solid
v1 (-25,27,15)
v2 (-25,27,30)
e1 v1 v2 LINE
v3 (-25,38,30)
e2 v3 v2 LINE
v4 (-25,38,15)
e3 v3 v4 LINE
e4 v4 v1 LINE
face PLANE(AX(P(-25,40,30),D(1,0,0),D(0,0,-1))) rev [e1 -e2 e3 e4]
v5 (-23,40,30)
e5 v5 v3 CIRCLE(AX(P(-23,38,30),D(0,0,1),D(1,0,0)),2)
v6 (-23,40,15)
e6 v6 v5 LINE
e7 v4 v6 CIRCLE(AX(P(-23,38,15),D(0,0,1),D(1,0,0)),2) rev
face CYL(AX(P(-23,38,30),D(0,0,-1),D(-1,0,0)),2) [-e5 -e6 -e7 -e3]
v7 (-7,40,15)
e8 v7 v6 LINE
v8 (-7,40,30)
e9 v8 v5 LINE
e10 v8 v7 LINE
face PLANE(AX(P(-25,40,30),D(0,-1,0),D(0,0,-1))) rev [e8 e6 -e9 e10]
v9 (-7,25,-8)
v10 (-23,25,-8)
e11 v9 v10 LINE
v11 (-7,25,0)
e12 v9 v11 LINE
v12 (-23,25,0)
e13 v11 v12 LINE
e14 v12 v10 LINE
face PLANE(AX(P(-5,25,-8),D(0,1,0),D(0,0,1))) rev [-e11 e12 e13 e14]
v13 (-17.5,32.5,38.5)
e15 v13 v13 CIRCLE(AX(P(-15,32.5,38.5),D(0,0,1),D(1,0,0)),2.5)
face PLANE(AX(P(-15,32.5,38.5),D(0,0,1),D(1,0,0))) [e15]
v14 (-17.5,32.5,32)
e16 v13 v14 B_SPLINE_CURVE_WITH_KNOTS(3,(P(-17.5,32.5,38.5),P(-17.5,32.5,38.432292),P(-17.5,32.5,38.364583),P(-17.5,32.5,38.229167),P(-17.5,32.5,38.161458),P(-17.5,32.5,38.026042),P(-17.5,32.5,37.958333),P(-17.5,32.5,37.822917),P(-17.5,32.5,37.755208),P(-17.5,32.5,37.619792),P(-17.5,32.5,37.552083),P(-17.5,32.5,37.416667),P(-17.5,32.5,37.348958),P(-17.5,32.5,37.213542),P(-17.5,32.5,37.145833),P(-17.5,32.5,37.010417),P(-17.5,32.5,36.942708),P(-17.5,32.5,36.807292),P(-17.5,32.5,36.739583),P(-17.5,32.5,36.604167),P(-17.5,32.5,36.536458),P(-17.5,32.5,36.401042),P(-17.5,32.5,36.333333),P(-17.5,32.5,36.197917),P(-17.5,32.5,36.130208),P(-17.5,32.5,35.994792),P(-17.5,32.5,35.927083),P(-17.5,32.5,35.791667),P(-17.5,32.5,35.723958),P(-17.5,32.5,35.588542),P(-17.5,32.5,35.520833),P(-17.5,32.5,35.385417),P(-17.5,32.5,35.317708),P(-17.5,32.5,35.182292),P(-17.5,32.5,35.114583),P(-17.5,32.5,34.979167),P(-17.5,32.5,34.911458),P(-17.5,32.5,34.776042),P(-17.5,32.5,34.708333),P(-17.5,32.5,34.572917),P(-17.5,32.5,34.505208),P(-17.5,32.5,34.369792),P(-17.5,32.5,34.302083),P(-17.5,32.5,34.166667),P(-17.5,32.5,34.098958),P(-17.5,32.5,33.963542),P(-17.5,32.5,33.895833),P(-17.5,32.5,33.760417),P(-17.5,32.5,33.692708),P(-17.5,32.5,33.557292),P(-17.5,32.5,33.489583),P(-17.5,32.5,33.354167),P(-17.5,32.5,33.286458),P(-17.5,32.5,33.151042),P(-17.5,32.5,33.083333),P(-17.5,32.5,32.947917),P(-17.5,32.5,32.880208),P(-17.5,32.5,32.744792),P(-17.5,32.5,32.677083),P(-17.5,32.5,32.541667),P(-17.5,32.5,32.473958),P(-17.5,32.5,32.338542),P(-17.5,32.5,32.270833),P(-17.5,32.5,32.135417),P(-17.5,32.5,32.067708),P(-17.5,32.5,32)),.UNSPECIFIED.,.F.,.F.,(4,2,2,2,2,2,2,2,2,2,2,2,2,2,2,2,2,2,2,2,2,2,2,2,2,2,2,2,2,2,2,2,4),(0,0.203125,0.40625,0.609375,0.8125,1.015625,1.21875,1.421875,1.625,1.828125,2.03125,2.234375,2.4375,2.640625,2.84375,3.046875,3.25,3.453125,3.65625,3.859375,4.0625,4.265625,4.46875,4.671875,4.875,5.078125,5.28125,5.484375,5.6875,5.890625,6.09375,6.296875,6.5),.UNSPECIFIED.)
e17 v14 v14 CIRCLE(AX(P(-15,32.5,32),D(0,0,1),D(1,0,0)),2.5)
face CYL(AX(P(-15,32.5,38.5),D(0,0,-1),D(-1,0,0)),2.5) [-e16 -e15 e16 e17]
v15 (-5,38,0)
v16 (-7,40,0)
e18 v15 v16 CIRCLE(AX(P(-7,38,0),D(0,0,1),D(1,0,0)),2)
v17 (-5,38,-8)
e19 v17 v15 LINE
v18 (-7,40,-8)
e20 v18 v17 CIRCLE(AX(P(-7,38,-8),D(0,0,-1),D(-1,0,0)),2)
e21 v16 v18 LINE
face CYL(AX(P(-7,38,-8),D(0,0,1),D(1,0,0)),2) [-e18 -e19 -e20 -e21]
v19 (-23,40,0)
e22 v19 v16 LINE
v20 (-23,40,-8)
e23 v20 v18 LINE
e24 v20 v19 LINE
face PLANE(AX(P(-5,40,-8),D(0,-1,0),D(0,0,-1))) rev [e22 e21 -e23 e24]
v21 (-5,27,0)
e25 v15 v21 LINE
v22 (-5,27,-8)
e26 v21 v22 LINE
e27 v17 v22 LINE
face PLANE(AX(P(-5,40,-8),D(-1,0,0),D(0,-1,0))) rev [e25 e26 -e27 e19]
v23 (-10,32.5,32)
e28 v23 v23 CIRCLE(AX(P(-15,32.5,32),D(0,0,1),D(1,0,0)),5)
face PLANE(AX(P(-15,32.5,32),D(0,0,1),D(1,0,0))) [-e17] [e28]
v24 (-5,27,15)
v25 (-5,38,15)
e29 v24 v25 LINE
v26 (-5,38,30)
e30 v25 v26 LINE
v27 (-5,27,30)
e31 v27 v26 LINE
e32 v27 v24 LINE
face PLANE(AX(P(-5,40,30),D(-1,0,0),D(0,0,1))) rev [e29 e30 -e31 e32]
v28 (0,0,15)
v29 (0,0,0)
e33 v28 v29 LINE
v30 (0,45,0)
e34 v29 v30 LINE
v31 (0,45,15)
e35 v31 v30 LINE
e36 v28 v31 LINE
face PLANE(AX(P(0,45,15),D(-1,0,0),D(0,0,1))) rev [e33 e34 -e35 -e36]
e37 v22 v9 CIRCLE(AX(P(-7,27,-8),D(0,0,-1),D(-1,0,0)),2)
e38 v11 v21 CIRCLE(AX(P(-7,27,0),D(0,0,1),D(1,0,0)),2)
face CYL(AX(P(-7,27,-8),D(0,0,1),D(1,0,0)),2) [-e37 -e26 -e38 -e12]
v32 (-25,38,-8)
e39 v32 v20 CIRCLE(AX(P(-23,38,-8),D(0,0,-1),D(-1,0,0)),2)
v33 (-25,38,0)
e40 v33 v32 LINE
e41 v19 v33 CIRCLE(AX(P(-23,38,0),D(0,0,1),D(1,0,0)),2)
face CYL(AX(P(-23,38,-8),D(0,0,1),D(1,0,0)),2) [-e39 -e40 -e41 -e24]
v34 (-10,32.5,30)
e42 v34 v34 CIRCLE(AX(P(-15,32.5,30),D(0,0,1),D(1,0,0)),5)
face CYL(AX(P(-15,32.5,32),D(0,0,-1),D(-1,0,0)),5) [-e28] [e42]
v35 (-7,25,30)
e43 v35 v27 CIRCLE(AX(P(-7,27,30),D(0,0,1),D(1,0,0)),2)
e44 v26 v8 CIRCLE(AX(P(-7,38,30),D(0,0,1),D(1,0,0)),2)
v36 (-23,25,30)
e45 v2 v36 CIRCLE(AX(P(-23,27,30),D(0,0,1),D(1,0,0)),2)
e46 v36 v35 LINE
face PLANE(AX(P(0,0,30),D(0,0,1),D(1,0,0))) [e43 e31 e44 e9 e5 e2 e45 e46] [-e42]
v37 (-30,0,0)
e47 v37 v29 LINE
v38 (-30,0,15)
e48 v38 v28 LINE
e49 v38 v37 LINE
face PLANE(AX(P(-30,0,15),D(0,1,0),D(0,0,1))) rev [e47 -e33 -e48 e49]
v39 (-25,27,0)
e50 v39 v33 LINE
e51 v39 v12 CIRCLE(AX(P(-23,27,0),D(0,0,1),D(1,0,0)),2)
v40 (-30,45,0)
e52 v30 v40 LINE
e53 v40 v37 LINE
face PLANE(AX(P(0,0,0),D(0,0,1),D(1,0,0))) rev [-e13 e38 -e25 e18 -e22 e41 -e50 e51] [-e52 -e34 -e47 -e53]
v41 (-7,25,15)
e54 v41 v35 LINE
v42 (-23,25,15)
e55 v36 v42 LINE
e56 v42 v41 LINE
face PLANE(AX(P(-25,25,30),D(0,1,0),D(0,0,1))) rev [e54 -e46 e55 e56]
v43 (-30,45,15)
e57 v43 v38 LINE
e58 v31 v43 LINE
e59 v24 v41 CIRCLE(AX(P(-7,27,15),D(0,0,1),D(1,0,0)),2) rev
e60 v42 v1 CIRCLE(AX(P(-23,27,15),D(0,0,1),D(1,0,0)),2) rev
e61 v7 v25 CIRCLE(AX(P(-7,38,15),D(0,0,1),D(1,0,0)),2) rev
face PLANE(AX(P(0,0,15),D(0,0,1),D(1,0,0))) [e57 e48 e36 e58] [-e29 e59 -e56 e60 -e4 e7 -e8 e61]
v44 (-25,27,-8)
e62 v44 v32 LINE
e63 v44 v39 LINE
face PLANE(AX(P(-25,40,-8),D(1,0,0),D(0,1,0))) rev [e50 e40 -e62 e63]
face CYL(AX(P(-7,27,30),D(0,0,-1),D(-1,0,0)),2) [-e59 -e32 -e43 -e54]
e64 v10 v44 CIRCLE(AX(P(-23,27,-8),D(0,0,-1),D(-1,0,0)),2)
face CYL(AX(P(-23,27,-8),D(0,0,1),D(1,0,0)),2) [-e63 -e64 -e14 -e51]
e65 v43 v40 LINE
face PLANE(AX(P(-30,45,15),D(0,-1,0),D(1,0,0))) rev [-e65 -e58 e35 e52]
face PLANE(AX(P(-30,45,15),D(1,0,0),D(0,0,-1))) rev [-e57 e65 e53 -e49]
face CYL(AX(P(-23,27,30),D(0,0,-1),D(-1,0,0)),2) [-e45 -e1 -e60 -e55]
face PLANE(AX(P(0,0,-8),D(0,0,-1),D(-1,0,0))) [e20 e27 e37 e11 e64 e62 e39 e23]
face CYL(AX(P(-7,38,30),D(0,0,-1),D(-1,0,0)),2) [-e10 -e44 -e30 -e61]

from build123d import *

# Parameters (mm, degrees)
SKETCH3_W           = 30
SKETCH3_H           = 45
BOSS_EXTRUDE1_DEPTH = 15
SKETCH4_W           = 20
SKETCH4_H           = 15
BOSS_EXTRUDE2_DEPTH = 15
SKETCH5_W           = 20
SKETCH5_H           = 15
BOSS_EXTRUDE3_DEPTH = 8
FILLET1_R           = 2
SKETCH6_R           = 5
BOSS_EXTRUDE4_DEPTH = 2
SKETCH7_R           = 2.5
BOSS_EXTRUDE5_DEPTH = 6.5


with BuildPart() as part:
    # Sketch3 → Boss-Extrude1 (new body)
    with BuildSketch(Plane.XY):
        with Locations((-15, 22.5)):
            Rectangle(SKETCH3_W, SKETCH3_H)
    extrude(amount=BOSS_EXTRUDE1_DEPTH)

    # Sketch4 → Boss-Extrude2 (add)
    with BuildSketch(Plane.XY.offset(15)):
        with Locations((-15, 32.5)):
            Rectangle(SKETCH4_W, SKETCH4_H)
    extrude(amount=BOSS_EXTRUDE2_DEPTH)

    # Sketch5 → Boss-Extrude3 (add)
    with BuildSketch(Plane(origin=(0, 0, 0), x_dir=(-1, 0, 0), z_dir=(0, 0, -1))):
        with Locations((15, 32.5)):
            Rectangle(SKETCH5_W, SKETCH5_H)
    extrude(amount=BOSS_EXTRUDE3_DEPTH)

    # Fillet1
    fillet1_edges = [part.edges().sort_by_distance(p)[0] for p in [
        (-25, 40, 22.5),
        (-25, 25, 22.5),
        (-5, 25, 22.5),
        (-5, 40, 22.5),
        (-5, 40, -4),
        (-5, 25, -4),
        (-25, 25, -4),
        (-25, 40, -4),
    ]]
    fillet(fillet1_edges, radius=FILLET1_R)

    # Sketch6 → Boss-Extrude4 (add)
    with BuildSketch(Plane.XY.offset(30)):
        with Locations((-15, 32.5)):
            Circle(SKETCH6_R)
    extrude(amount=BOSS_EXTRUDE4_DEPTH)

    # Sketch7 → Boss-Extrude5 (add)
    with BuildSketch(Plane.XY.offset(32)):
        with Locations(Location((-15, 32.5, 0), (0, 0, 180))):
            Circle(SKETCH7_R)
    extrude(amount=BOSS_EXTRUDE5_DEPTH)


solid = part.part
